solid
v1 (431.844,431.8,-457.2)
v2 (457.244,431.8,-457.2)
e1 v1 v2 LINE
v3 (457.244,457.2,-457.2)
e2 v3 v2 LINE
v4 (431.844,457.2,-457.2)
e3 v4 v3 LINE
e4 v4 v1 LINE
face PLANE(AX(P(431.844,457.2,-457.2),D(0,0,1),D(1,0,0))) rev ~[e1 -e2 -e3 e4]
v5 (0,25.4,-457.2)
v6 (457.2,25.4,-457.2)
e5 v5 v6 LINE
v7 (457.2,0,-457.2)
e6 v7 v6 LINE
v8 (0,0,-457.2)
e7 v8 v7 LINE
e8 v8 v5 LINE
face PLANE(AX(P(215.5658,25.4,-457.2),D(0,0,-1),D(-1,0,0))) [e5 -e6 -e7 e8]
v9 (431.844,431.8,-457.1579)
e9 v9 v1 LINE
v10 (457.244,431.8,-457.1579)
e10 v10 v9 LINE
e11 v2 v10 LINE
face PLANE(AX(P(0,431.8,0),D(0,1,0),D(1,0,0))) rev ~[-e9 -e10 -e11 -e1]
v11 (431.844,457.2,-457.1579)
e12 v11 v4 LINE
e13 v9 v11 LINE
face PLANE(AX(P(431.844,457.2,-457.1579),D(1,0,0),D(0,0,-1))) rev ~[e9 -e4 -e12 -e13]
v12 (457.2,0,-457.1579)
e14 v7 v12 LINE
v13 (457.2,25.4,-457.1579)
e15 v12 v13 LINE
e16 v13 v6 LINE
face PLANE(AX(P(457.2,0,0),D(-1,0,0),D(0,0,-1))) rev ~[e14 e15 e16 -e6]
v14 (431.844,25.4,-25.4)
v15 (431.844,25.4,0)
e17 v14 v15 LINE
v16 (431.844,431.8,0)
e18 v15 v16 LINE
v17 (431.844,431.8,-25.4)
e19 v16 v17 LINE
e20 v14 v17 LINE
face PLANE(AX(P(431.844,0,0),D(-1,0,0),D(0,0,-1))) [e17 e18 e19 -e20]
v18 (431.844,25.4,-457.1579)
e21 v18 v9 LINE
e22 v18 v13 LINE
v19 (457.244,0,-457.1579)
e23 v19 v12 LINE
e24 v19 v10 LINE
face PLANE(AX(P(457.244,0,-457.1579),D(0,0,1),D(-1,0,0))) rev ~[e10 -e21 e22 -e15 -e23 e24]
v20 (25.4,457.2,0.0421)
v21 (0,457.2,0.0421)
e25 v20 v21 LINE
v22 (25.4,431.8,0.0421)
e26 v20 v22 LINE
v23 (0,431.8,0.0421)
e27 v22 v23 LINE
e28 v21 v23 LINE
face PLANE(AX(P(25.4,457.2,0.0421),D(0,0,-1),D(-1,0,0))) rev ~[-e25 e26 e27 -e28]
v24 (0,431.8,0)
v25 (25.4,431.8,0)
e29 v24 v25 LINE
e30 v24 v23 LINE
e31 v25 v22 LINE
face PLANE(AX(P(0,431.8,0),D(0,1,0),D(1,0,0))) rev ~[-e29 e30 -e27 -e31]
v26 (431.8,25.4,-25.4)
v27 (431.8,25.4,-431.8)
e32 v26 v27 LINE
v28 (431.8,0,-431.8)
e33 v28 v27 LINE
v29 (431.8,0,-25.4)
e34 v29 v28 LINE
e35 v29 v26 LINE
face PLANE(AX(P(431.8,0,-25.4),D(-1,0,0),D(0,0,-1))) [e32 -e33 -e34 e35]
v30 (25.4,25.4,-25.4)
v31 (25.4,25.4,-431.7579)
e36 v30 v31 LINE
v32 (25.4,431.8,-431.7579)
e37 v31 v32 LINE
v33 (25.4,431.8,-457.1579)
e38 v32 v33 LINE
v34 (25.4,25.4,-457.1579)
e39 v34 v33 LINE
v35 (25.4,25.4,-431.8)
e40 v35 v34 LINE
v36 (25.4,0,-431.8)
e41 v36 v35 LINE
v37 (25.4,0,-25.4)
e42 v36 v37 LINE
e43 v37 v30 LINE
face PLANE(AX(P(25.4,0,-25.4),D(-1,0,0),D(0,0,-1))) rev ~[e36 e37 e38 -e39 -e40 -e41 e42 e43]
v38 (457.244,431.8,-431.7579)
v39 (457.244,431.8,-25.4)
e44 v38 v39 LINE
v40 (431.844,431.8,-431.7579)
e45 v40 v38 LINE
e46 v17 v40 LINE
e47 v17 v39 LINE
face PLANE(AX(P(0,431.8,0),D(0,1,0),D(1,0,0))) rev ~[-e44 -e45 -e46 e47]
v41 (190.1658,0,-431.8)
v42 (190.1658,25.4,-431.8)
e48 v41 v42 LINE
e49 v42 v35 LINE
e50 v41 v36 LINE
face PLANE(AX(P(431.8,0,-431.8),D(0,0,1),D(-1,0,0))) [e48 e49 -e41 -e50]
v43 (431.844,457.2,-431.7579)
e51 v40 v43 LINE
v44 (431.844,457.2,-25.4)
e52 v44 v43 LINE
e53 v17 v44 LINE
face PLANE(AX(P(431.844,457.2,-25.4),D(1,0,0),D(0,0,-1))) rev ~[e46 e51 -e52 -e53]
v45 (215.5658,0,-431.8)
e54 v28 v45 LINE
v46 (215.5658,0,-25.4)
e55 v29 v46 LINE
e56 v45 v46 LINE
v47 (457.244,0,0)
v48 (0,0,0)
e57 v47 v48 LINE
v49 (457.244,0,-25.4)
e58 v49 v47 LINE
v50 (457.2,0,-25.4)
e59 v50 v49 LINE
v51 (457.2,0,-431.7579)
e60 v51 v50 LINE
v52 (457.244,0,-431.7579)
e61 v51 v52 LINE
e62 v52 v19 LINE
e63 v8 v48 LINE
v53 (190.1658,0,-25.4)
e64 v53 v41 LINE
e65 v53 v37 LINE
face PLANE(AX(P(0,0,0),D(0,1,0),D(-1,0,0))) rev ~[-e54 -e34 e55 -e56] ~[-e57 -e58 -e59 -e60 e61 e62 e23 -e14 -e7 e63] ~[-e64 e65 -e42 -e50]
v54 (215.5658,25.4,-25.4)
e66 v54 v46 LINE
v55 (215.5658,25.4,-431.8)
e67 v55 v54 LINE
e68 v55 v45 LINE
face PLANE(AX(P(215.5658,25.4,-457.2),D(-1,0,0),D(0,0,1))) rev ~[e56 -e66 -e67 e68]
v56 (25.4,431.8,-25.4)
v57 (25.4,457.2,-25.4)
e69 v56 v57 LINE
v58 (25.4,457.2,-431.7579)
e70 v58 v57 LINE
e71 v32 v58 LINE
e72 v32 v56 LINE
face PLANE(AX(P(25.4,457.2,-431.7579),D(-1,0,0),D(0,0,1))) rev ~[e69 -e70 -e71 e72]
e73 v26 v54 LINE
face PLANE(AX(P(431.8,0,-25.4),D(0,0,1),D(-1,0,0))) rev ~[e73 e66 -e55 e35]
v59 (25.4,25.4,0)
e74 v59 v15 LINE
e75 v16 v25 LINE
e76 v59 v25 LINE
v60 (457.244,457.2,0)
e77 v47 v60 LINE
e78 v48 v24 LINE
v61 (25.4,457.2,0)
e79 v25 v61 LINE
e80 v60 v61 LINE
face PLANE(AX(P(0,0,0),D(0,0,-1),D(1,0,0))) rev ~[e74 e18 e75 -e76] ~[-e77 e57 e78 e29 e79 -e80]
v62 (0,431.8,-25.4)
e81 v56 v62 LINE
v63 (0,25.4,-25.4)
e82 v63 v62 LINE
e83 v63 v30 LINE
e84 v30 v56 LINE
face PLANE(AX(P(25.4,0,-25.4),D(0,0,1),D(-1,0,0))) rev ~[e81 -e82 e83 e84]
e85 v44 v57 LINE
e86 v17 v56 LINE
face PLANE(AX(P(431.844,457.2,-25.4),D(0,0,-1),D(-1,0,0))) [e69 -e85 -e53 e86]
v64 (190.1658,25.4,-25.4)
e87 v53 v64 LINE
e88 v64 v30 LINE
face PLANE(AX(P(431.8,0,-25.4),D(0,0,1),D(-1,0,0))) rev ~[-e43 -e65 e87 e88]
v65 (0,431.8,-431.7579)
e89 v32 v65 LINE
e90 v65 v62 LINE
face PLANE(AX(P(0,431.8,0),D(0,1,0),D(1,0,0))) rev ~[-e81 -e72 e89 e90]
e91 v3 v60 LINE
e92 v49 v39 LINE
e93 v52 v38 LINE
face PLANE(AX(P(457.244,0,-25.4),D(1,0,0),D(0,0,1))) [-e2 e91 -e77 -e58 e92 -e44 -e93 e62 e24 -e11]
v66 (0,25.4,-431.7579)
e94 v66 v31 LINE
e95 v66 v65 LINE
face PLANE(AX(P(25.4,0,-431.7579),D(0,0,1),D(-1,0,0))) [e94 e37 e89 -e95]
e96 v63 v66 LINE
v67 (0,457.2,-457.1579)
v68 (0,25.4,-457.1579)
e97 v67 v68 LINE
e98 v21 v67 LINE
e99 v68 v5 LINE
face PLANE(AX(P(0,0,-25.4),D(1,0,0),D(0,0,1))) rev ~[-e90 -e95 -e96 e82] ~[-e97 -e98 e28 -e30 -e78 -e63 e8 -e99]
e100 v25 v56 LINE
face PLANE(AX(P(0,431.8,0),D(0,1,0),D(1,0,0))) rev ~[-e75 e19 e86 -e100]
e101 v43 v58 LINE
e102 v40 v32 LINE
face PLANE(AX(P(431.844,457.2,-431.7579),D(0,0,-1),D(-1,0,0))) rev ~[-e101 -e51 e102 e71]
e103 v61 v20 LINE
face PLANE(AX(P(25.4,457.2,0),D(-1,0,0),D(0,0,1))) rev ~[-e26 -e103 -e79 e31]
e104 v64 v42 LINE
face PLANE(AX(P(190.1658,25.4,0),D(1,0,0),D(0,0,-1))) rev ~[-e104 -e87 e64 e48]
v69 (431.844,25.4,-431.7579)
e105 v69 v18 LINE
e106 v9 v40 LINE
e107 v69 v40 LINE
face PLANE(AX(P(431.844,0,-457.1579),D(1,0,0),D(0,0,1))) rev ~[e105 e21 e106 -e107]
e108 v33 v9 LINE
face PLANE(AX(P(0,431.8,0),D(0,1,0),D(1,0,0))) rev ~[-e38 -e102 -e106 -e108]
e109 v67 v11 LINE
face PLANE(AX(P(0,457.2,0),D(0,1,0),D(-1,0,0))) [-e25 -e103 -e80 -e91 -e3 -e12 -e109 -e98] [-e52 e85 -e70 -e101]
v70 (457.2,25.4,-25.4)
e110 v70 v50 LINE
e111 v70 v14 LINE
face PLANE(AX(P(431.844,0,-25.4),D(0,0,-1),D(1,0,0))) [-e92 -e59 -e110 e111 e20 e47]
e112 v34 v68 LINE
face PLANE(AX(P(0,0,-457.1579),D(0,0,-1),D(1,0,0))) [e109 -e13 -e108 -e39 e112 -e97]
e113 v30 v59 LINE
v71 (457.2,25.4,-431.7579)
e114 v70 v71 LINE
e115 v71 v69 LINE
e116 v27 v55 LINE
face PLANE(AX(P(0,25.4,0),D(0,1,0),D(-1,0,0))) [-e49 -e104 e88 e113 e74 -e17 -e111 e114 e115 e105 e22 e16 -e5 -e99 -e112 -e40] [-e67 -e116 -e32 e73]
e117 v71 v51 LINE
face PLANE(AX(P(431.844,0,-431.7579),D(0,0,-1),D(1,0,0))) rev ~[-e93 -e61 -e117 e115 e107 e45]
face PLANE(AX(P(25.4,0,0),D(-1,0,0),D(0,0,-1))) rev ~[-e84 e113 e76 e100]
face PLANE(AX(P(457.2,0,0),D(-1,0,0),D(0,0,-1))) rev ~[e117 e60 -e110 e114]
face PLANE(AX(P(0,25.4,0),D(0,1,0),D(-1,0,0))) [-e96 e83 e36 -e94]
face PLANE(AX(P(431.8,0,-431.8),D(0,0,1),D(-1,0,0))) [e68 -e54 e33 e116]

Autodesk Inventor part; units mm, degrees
ref_plane "YZ Plane" through (0, 0, 0) normal (1, 0, 0) x (0, 1, 0)
ref_plane "XZ Plane" through (0, 0, 0) normal (0, 1, 0) x (-1, 0, 0)
ref_plane "XY Plane" through (0, 0, 0) normal (0, 0, 1) x (1, 0, 0)
sketch "Sketch1" plane through (0, 0, 0) normal (0, 1, 0) x (-1, 0, 0)
  line L0 (0, 0) -> (-457.2, 0)
  line L1 (-457.2, 0) -> (-457.2, -25.4)
  line L2 (-457.2, -25.4) -> (0, -25.4)
  line L3 (0, -25.4) -> (0, 0)
  line L4 (0, 0) -> (-25.4, 0)
  line L5 (-25.4, 0) -> (-25.4, -457.2)
  line L6 (-25.4, -457.2) -> (0, -457.2)
  line L7 (0, -457.2) -> (0, 0)
  line L8 (0, -457.2) -> (-457.2, -457.2)
  line L9 (-457.2, -457.2) -> (-457.2, -431.8)
  line L10 (-457.2, -431.8) -> (0, -431.8)
  line L11 (0, -431.8) -> (0, -457.2)
  line L12 (-457.2, 0) -> (-431.8, 0)
  line L13 (-431.8, 0) -> (-431.8, -457.2)
  line L14 (-431.8, -457.2) -> (-457.2, -457.2)
  line L15 (-457.2, -457.2) -> (-457.2, 0)
  dimension "d0" = 457.2
  dimension "d1" = 25.4
  dimension "d2" = 25.4
  dimension "d3" = 457.2
  dimension "d4" = 457.2
  dimension "d5" = 25.4
  dimension "d6" = 25.4
sketch "Sketch2" plane through (0, 0, 0) normal (0, 1, 0) x (-1, 0, 0)
  line L0 (0, 0) -> (-25.4, 0)
  line L1 (-25.4, 0) -> (-25.4, -25.4)
  line L2 (-25.4, -25.4) -> (0, -25.4)
  line L3 (0, -25.4) -> (0, 0)
  line L4 (0, -457.1579) -> (-25.4, -457.1579)
  line L5 (-25.4, -457.1579) -> (-25.4, -431.7579)
  line L6 (-25.4, -431.7579) -> (0, -431.7579)
  line L7 (0, -431.7579) -> (0, -457.1579)
  line L8 (-457.244, -457.1579) -> (-431.844, -457.1579)
  line L9 (-431.844, -457.1579) -> (-431.844, -431.7579)
  line L10 (-431.844, -431.7579) -> (-457.244, -431.7579)
  line L11 (-457.244, -431.7579) -> (-457.244, -457.1579)
  line L12 (-457.244, 0) -> (-431.844, 0)
  line L13 (-431.844, 0) -> (-431.844, -25.4)
  line L14 (-431.844, -25.4) -> (-457.244, -25.4)
  line L15 (-457.244, -25.4) -> (-457.244, 0)
  dimension "d7" = 25.4
  dimension "d8" = 25.4
  dimension "d9" = 25.4
  dimension "d10" = 25.4
  dimension "d11" = 25.4
  dimension "d12" = 25.4
  dimension "d13" = 25.4
  dimension "d14" = 25.4
sketch "Sketch3" plane through (0, 0, 0) normal (0, 0, 1) x (1, 0, 0)
  point P0 (0, 0)
sketch "Sketch4" plane through (0, 0, 0) normal (0, 0, 1) x (1, 0, 0)
  point P0 (0, 0)
extrude "Extrusion1" add sketch "Sketch1" along normal blind 25.4 contours L3 L2 L5 L0 | L5 L2 L13 L0 | L7 L10 L5 L2 | L13 L2 L1 L0 | L7 L6 L5 L10 | L13 L10 L15 L2 | L5 L8 L13 L10 | L13 L8 L9 L10
extrude "Extrusion2" add sketch "Sketch2" along normal blind 457.2
sketch "Sketch5" plane through (0, 457.2, 0) normal (0, 1, 0) x (1, 0, 0)
  line L0 (0, 0) -> (25.4, 0)
  line L1 (25.4, 0) -> (25.4, 25.4)
  line L2 (25.4, 25.4) -> (0, 25.4)
  line L3 (0, 25.4) -> (0, 0)
  line L4 (0, 457.1579) -> (25.4, 457.1579)
  line L5 (25.4, 457.1579) -> (25.4, -0.0421)
  line L6 (25.4, -0.0421) -> (0, -0.0421)
  line L7 (0, -0.0421) -> (0, 457.1579)
  line L8 (457.244, 25.4) -> (431.844, 25.4) projected
  line L9 (0, 0) -> (457.2, 0)
  line L10 (457.2, 0) -> (457.2, 25.4)
  line L11 (457.2, 25.4) -> (0, 25.4)
  line L12 (0, 25.4) -> (0, 0)
  line L13 (431.844, 431.7579) -> (457.244, 431.7579) projected
  line L14 (0, 457.1579) -> (457.2, 457.1579)
  line L15 (457.2, 457.1579) -> (457.2, 431.7579)
  line L16 (457.2, 431.7579) -> (0, 431.7579)
  line L17 (0, 431.7579) -> (0, 457.1579)
  line L18 (457.244, 0) -> (431.844, 0)
  line L19 (431.844, 0) -> (431.844, 457.2)
  line L20 (431.844, 457.2) -> (457.244, 457.2)
  line L21 (457.244, 457.2) -> (457.244, 0)
  dimension "d19" = 25.4
  dimension "d20" = 457.2
  dimension "d21" = 457.2
  dimension "d22" = 457.2
  dimension "d23" = 25.4
  dimension "d24" = 457.2
extrude "Extrusion3" add sketch "Sketch5" against normal blind 25.4 contours L3 L2 L1 L0 | L0 L5 L6 L7 | L1 L11 L19 L9 | L7 L16 L5 L2 | L19 L8 L10 L9 | L7 L4 L5 L16 | L5 L14 L19 L16 | L19 L13 L21 L8 | L10 L8 L21 L18 | L19 L14 L15 L13 | L19 L20 L21 L13 L15 L14
sketch "Sketch6" plane through (457.244, 0, 0) normal (1, 0, 0) x (0, 0, -1)
  point P0 (0, 0)
sketch "Sketch7" plane through (0, 25.4, 0) normal (0, 1, 0) x (1, 0, 0)
  line L0 (457.2, 457.2) -> (0, 457.2) projected
  line L1 (190.1658, 457.2) -> (215.5658, 457.2)
  line L2 (215.5658, 457.2) -> (215.5658, 0)
  line L3 (215.5658, 0) -> (190.1658, 0)
  line L4 (190.1658, 0) -> (190.1658, 457.2)
  point P0 (0, 0)
  dimension "d27" = 25.4
  dimension "d28" = 457.2
extrude "Extrusion4" add sketch "Sketch7" against normal blind 25.4
sketch "Sketch8" plane through (0, 25.4, 0) normal (0, 1, 0) x (1, 0, 0)
  line L0 (190.1658, 431.8) -> (215.5658, 431.8)
  line L1 (215.5658, 431.8) -> (215.5658, 25.4) projected
  line L2 (190.1658, 25.4) -> (215.5658, 25.4)
  line L3 (190.1658, 25.4) -> (190.1658, 431.8) projected
  point P0 (0, 0)
properties part number "Basic Frame" material "Aluminum 6061, Welded"
